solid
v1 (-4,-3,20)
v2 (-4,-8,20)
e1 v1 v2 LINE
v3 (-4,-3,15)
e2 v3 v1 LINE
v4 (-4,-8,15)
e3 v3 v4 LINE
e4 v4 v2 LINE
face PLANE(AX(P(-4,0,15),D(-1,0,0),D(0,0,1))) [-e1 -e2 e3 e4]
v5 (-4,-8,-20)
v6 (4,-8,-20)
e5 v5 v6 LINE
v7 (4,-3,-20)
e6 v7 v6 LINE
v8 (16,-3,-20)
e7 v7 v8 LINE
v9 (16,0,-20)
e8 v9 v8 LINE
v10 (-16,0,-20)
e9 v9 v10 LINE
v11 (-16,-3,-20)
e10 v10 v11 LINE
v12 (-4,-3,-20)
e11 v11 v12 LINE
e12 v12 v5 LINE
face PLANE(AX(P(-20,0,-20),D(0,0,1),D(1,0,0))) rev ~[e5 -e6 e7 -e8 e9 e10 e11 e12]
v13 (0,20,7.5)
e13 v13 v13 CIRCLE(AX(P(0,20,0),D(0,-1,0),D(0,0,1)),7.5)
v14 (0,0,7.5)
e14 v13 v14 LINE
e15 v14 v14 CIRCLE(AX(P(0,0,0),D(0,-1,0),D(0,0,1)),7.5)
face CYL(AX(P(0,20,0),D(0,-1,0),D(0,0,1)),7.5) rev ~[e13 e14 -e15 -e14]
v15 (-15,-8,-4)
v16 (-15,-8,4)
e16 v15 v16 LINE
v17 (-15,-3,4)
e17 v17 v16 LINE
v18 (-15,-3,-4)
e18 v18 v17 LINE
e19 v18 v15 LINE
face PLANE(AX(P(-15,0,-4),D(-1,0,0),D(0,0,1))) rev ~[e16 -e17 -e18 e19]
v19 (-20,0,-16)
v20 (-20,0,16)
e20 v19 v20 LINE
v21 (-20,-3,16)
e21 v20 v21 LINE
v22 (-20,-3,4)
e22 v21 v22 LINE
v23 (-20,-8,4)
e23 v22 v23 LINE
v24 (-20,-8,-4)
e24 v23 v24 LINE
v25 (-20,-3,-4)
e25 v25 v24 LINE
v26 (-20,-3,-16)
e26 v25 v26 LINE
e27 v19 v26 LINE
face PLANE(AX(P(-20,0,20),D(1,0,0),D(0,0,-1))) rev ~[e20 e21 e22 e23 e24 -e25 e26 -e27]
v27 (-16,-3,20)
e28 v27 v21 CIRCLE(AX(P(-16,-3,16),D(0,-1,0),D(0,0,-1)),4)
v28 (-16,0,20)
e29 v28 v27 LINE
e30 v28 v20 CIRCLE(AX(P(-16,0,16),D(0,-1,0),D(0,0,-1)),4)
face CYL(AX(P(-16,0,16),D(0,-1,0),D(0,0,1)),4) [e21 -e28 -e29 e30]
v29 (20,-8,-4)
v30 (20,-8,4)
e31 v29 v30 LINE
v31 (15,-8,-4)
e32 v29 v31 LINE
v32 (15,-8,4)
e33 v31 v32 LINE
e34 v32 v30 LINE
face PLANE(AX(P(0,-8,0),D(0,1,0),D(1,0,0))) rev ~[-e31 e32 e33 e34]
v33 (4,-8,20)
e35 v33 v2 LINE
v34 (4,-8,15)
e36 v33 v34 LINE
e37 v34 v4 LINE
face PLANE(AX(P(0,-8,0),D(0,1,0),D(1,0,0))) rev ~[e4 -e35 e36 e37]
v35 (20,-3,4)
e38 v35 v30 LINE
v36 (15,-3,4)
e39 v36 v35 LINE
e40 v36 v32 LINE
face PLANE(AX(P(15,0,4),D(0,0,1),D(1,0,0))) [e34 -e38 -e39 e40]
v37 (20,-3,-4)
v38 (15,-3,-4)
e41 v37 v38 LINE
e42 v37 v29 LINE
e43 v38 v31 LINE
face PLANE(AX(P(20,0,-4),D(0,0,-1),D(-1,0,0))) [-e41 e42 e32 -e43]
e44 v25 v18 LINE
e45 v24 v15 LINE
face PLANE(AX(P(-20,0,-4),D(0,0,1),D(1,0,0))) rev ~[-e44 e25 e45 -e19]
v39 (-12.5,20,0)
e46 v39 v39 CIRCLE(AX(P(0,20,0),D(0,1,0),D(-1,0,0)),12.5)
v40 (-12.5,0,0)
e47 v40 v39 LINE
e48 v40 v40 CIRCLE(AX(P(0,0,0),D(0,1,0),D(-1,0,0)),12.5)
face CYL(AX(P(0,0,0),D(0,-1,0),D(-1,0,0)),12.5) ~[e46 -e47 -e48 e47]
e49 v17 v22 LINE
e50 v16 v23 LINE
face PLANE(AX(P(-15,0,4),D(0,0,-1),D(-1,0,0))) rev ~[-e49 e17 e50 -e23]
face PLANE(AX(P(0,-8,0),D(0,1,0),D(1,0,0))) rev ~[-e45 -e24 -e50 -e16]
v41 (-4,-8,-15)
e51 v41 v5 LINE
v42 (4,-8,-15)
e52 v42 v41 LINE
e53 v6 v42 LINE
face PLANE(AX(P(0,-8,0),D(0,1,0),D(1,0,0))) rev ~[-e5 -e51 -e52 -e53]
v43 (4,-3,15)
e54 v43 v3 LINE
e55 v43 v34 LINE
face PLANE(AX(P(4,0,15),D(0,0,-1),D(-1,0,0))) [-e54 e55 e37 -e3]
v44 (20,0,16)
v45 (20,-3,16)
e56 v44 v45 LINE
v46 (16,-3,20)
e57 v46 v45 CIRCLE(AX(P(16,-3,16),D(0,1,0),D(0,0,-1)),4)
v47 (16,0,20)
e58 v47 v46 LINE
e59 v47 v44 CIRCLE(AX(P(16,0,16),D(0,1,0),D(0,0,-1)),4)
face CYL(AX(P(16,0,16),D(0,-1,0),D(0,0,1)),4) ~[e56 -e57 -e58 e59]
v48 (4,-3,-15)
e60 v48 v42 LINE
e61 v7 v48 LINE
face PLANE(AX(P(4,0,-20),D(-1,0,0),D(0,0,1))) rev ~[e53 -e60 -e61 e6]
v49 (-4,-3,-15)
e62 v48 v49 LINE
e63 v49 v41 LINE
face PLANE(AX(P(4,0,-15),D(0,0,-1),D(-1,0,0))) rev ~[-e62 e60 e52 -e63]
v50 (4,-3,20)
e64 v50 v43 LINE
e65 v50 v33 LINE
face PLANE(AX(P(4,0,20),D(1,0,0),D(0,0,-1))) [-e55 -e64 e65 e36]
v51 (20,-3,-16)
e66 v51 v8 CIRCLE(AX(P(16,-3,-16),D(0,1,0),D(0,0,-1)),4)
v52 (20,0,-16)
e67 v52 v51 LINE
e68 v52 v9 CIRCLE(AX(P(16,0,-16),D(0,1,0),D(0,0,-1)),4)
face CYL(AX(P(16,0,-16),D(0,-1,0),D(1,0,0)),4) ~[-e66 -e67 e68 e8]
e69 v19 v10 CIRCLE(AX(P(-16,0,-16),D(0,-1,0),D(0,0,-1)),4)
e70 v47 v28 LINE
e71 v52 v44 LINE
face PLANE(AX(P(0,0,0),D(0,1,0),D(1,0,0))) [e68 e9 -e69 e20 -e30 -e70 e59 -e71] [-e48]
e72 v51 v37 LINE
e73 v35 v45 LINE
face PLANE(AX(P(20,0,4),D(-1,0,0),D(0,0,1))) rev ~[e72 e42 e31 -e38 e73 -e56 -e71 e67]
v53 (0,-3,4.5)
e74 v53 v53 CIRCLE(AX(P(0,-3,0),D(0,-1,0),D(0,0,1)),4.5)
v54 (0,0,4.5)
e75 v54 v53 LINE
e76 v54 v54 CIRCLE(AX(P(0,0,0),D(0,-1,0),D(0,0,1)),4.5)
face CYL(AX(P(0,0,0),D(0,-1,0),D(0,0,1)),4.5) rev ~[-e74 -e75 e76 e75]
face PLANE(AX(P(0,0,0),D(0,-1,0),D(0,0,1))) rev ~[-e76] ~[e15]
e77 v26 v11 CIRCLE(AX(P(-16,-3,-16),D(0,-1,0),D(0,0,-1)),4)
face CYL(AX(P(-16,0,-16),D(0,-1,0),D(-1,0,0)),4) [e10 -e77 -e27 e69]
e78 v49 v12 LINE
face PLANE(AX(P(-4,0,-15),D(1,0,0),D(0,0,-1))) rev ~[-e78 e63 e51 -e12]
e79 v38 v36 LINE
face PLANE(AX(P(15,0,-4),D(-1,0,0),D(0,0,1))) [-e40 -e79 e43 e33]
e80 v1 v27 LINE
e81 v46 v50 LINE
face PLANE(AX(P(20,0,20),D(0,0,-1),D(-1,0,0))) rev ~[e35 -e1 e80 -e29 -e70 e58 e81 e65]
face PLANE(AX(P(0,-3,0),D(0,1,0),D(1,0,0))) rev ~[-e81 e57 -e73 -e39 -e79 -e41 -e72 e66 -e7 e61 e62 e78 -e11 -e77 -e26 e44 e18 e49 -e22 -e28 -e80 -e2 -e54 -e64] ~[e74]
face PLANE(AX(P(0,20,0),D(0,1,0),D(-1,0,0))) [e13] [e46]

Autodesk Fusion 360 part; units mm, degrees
sketch "Sketch1" plane through (0, 0, 0) normal (0, 1, 0) x (1, 0, 0)
  line L0 (20, -20) -> (-20, -20)
  line L1 (-20, -20) -> (-20, 20)
  line L2 (-20, 20) -> (20, 20)
  line L3 (20, 20) -> (20, -20)
  line L4 (20, -20) -> (-20, 20) construction
  line L5 (-20, -20) -> (20, 20) construction
  line L6 (-20, 4) -> (-15, 4)
  line L7 (-15, 4) -> (-15, -4)
  line L8 (-15, -4) -> (-20, -4)
  line L9 (-20, -4) -> (-20, 4)
  line L10 (-4, 20) -> (4, 20)
  line L11 (4, 20) -> (4, 15)
  line L12 (4, 15) -> (-4, 15)
  line L13 (-4, 15) -> (-4, 20)
  line L14 (20, 4) -> (15, 4)
  line L15 (15, 4) -> (15, -4)
  line L16 (15, -4) -> (20, -4)
  line L17 (20, -4) -> (20, 4)
  line L18 (-4, -20) -> (4, -20)
  line L19 (4, -20) -> (4, -15)
  line L20 (4, -15) -> (-4, -15)
  line L21 (-4, -15) -> (-4, -20)
  dimension "d1" = 40
  dimension "d2" = 40
  dimension "d3" = 5
  dimension "d4" = 8
  dimension "d5" = 16
  dimension "d6" = 5
  dimension "d7" = 16
  dimension "d8" = 8
  dimension "d9" = 5
  dimension "d10" = 5
  dimension "d11" = 8
  dimension "d12" = 8
  dimension "d13" = 16
  dimension "d14" = 16
extrude "Extrude1" add sketch "Sketch1" against normal blind 3 contours L0 L1 L2 L3 L6 L7 L8 L11 L12 L13 L14 L15 L16 L19 L20 L21
extrude "Extrude2" add sketch "Sketch1" against normal blind 8 contours L0 L18 L19 L20 L21 | L3 L14 L15 L16 L17 | L1 L6 L7 L8 L9 | L2 L10 L11 L12 L13
hole "Hole1" at (0, 0, 0) direction (0, -1, 0) diameter 9 depth 30 tip angle 118
fillet "Fillet1" radius 4 4 edges at (20, -1.5, -20) (-20, -1.5, -20) (20, -1.5, 20) (-20, -1.5, 20)
sketch "Sketch2" plane through (0, 0, 0) normal (0, 1, 0) x (-1, 0, 0)
  circle A0 centre (0, 0) radius 4.5
  arc A1 (20, 16) -> (16, 20) centre (16, 16) ccw
  line L0 (16, 20) -> (-16, 20)
  arc A2 (-16, 20) -> (-20, 16) centre (-16, 16) ccw
  line L1 (-20, 16) -> (-20, -16)
  arc A3 (-20, -16) -> (-16, -20) centre (-16, -16) ccw
  line L2 (-16, -20) -> (16, -20)
  arc A4 (16, -20) -> (20, -16) centre (16, -16) ccw
  line L3 (20, -16) -> (20, 16)
  circle A5 centre (0, 0) radius 12.5
  dimension "d24" = 25
extrude "Extrude3" add sketch "Sketch2" along normal blind 20 contours A5
sketch "Sketch3" plane through (0, 20, 0) normal (0, 1, 0) x (-1, 0, 0)
  circle A0 centre (0, 0) radius 4.5
  circle A1 centre (0, 0) radius 12.5
hole "Hole2" at (0, 20, 0) direction (0, -1, 0) diameter 9 depth 40.942 tip angle 118 counterbore diameter 15 counterbore depth 20
equation "d6 = d3"
equation "d7 = d5"
equation "d8 = d4"
equation "d9 = d3"
equation "d10 = d3"
equation "d11 = d4"
equation "d12 = d4"
equation "d13 = d7"
equation "d14 = d7"
